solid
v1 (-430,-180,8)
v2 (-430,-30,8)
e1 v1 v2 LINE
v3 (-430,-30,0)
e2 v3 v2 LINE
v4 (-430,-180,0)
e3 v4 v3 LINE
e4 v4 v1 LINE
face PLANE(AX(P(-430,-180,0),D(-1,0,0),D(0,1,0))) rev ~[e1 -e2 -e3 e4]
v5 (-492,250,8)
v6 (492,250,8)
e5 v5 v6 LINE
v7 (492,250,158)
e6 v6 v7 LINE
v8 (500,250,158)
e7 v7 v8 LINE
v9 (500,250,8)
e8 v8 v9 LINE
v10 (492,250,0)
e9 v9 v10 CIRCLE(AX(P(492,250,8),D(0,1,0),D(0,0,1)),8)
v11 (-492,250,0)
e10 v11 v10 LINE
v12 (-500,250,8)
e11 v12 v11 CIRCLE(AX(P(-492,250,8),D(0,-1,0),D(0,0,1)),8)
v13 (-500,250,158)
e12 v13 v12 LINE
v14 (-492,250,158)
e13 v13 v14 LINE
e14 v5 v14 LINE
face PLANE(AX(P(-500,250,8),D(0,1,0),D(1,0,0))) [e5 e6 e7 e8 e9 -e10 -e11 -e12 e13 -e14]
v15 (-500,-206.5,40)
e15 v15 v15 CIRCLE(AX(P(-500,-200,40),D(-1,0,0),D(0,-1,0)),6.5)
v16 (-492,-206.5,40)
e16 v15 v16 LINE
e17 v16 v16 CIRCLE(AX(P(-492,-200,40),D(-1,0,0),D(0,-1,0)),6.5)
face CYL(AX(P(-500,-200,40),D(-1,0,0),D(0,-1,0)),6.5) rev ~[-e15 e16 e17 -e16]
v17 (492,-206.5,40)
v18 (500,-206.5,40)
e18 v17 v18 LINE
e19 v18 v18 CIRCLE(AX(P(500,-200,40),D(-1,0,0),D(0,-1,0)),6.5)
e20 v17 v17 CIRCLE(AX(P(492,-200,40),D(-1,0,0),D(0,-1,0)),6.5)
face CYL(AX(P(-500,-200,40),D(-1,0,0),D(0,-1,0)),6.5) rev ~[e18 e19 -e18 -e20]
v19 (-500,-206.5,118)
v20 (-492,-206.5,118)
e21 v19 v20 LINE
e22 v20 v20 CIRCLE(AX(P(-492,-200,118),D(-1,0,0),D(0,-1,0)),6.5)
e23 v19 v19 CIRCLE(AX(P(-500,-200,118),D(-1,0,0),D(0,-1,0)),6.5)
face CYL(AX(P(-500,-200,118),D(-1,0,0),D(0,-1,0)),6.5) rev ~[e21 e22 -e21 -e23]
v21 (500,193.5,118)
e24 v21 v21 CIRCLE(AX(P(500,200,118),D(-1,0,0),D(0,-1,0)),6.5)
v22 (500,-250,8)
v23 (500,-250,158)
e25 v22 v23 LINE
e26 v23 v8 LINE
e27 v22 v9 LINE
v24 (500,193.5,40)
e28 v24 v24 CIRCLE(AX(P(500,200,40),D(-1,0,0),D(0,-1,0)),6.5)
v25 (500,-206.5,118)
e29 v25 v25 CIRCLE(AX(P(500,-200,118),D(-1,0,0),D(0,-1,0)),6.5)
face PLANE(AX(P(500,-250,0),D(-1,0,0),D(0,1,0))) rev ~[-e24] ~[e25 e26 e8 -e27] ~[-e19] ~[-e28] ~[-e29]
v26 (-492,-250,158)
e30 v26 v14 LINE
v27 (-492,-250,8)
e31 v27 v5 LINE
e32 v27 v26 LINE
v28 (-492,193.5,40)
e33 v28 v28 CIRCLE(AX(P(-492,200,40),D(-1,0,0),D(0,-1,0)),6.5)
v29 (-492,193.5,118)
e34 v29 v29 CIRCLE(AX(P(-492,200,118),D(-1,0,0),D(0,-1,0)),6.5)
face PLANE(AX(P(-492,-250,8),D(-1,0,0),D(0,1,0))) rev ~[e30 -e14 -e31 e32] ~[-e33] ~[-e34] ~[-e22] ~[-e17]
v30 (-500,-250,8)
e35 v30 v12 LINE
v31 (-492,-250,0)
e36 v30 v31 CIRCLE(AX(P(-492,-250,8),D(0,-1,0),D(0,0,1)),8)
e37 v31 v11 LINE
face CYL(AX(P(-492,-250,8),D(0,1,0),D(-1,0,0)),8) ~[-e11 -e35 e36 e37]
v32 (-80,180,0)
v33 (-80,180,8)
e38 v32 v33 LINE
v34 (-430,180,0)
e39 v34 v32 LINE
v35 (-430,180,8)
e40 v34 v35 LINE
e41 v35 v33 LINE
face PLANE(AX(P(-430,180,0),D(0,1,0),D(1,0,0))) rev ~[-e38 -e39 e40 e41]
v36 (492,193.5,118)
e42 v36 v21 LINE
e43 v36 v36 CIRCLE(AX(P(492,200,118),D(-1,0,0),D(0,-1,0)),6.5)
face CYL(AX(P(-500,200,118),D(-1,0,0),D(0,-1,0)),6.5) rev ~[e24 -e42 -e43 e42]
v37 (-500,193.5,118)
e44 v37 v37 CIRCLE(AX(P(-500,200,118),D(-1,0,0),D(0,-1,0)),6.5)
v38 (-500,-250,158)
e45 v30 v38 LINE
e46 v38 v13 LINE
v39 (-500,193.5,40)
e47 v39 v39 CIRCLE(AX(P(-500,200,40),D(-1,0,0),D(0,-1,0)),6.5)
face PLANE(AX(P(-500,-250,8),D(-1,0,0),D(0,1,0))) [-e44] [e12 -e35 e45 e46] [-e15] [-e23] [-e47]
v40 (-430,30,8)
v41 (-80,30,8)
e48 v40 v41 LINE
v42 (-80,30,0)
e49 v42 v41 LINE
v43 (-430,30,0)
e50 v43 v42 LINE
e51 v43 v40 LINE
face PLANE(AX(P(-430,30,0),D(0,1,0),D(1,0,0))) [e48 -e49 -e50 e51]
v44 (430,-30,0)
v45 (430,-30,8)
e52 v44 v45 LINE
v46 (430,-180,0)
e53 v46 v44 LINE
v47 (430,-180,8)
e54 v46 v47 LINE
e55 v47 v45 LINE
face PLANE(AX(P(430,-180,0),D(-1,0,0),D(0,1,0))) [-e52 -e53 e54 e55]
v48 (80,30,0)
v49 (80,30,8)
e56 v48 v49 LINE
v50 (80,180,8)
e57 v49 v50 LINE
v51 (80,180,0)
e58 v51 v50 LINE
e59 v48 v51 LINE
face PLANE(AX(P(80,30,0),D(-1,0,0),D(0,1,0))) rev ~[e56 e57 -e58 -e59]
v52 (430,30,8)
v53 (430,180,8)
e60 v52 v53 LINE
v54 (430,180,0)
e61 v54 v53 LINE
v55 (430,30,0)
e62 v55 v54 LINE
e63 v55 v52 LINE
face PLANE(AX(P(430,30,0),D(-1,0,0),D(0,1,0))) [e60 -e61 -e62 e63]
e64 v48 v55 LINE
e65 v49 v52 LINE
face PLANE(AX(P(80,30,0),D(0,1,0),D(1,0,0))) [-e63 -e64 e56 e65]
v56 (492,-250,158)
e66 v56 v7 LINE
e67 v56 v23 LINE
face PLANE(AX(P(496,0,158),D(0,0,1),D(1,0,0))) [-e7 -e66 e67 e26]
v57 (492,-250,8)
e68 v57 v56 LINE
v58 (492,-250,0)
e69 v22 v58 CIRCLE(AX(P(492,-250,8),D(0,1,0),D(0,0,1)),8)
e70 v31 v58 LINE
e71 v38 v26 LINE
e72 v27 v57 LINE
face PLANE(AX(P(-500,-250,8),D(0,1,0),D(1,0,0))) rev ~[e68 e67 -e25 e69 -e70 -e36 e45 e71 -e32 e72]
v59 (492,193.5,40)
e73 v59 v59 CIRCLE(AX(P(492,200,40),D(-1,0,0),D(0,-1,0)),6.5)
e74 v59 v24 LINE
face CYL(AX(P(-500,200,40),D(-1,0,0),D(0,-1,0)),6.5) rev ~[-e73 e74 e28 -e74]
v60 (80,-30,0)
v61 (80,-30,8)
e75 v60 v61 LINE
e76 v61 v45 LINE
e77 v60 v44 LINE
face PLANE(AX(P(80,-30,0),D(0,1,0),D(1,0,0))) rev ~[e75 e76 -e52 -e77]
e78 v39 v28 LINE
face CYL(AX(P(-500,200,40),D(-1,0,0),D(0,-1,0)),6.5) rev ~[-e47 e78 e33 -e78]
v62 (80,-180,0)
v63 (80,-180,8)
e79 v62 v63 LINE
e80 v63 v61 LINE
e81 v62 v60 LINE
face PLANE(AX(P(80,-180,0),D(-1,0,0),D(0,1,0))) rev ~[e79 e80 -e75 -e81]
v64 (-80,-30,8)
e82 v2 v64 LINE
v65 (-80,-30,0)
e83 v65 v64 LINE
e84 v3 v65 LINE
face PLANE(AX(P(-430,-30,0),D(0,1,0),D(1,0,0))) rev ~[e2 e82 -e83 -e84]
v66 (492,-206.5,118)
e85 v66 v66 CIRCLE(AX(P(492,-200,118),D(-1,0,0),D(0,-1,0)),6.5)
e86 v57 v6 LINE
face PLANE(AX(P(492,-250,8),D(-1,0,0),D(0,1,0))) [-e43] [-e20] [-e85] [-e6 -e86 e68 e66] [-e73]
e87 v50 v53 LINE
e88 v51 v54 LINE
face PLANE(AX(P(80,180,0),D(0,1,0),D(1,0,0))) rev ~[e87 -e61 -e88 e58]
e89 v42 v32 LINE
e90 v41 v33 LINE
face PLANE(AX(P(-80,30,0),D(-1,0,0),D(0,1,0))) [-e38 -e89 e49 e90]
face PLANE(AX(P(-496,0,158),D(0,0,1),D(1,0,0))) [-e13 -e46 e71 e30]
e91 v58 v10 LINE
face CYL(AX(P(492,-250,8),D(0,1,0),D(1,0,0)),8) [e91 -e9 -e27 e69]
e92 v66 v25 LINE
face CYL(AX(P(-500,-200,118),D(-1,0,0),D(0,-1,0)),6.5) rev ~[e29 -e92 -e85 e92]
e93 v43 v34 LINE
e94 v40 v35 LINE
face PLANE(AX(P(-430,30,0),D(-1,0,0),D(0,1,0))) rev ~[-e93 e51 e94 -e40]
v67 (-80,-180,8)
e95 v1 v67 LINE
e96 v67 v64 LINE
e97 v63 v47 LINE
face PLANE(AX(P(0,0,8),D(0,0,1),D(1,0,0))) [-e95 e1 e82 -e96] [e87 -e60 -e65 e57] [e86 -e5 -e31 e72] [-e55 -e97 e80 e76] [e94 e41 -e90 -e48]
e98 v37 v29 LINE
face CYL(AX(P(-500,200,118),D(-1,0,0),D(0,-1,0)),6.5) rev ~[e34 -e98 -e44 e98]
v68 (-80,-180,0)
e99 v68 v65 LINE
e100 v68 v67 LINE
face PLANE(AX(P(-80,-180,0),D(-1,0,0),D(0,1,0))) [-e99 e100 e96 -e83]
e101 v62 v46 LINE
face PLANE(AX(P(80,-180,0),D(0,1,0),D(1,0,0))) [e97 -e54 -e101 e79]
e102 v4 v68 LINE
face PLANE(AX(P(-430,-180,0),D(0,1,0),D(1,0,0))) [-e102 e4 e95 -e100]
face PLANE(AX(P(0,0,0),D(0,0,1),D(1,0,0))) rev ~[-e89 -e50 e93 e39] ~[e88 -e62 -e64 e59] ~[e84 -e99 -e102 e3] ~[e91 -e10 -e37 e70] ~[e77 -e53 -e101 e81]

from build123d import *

# Parameters (mm, degrees)
F0_W     = 1000
F0_H     = 500
F0_W_2   = 350
F0_H_2   = 150
F1_DEPTH = 8
F2_W     = 8
F2_H     = 500
F3_DEPTH = 150
F4_R     = 8
F5_R     = 6.5
F6_DEPTH = 1200


with BuildPart() as f1:
    # F0 (on Top) → F1 (new body)
    with BuildSketch(Plane.XY):
        Rectangle(F0_W, F0_H)
        with Locations((-255, -105)):
            Rectangle(F0_W_2, F0_H_2, mode=Mode.SUBTRACT)
        with Locations((255, -105)):
            Rectangle(F0_W_2, F0_H_2, mode=Mode.SUBTRACT)
        with Locations((-255, 105)):
            Rectangle(F0_W_2, F0_H_2, mode=Mode.SUBTRACT)
        with Locations((255, 105)):
            Rectangle(F0_W_2, F0_H_2, mode=Mode.SUBTRACT)
    extrude(amount=F1_DEPTH)

    # F2 (on face) → F3 (join)
    with BuildSketch(Plane.XY.offset(8)):
        with Locations((-496, 0)):
            Rectangle(F2_W, F2_H)
        with Locations((496, 0)):
            Rectangle(F2_W, F2_H)
    extrude(amount=F3_DEPTH)

    # F4
    f4_edges = [f1.edges().sort_by_distance(p)[0] for p in [
        (-500, 0, 0),
        (500, 0, 0),
    ]]
    fillet(f4_edges, radius=F4_R)

    # F5 (on face) → F6 (cut)
    with BuildSketch(Plane(origin=(-500, 0, 0), x_dir=(0, -1, 0), z_dir=(-1, 0, 0))):
        with Locations((-200, 40)):
            Circle(F5_R)
        with Locations((-200, 118)):
            Circle(F5_R)
        with Locations((200, 118)):
            Circle(F5_R)
        with Locations((200, 40)):
            Circle(F5_R)
    extrude(amount=-F6_DEPTH, mode=Mode.SUBTRACT)


solid = f1.part
